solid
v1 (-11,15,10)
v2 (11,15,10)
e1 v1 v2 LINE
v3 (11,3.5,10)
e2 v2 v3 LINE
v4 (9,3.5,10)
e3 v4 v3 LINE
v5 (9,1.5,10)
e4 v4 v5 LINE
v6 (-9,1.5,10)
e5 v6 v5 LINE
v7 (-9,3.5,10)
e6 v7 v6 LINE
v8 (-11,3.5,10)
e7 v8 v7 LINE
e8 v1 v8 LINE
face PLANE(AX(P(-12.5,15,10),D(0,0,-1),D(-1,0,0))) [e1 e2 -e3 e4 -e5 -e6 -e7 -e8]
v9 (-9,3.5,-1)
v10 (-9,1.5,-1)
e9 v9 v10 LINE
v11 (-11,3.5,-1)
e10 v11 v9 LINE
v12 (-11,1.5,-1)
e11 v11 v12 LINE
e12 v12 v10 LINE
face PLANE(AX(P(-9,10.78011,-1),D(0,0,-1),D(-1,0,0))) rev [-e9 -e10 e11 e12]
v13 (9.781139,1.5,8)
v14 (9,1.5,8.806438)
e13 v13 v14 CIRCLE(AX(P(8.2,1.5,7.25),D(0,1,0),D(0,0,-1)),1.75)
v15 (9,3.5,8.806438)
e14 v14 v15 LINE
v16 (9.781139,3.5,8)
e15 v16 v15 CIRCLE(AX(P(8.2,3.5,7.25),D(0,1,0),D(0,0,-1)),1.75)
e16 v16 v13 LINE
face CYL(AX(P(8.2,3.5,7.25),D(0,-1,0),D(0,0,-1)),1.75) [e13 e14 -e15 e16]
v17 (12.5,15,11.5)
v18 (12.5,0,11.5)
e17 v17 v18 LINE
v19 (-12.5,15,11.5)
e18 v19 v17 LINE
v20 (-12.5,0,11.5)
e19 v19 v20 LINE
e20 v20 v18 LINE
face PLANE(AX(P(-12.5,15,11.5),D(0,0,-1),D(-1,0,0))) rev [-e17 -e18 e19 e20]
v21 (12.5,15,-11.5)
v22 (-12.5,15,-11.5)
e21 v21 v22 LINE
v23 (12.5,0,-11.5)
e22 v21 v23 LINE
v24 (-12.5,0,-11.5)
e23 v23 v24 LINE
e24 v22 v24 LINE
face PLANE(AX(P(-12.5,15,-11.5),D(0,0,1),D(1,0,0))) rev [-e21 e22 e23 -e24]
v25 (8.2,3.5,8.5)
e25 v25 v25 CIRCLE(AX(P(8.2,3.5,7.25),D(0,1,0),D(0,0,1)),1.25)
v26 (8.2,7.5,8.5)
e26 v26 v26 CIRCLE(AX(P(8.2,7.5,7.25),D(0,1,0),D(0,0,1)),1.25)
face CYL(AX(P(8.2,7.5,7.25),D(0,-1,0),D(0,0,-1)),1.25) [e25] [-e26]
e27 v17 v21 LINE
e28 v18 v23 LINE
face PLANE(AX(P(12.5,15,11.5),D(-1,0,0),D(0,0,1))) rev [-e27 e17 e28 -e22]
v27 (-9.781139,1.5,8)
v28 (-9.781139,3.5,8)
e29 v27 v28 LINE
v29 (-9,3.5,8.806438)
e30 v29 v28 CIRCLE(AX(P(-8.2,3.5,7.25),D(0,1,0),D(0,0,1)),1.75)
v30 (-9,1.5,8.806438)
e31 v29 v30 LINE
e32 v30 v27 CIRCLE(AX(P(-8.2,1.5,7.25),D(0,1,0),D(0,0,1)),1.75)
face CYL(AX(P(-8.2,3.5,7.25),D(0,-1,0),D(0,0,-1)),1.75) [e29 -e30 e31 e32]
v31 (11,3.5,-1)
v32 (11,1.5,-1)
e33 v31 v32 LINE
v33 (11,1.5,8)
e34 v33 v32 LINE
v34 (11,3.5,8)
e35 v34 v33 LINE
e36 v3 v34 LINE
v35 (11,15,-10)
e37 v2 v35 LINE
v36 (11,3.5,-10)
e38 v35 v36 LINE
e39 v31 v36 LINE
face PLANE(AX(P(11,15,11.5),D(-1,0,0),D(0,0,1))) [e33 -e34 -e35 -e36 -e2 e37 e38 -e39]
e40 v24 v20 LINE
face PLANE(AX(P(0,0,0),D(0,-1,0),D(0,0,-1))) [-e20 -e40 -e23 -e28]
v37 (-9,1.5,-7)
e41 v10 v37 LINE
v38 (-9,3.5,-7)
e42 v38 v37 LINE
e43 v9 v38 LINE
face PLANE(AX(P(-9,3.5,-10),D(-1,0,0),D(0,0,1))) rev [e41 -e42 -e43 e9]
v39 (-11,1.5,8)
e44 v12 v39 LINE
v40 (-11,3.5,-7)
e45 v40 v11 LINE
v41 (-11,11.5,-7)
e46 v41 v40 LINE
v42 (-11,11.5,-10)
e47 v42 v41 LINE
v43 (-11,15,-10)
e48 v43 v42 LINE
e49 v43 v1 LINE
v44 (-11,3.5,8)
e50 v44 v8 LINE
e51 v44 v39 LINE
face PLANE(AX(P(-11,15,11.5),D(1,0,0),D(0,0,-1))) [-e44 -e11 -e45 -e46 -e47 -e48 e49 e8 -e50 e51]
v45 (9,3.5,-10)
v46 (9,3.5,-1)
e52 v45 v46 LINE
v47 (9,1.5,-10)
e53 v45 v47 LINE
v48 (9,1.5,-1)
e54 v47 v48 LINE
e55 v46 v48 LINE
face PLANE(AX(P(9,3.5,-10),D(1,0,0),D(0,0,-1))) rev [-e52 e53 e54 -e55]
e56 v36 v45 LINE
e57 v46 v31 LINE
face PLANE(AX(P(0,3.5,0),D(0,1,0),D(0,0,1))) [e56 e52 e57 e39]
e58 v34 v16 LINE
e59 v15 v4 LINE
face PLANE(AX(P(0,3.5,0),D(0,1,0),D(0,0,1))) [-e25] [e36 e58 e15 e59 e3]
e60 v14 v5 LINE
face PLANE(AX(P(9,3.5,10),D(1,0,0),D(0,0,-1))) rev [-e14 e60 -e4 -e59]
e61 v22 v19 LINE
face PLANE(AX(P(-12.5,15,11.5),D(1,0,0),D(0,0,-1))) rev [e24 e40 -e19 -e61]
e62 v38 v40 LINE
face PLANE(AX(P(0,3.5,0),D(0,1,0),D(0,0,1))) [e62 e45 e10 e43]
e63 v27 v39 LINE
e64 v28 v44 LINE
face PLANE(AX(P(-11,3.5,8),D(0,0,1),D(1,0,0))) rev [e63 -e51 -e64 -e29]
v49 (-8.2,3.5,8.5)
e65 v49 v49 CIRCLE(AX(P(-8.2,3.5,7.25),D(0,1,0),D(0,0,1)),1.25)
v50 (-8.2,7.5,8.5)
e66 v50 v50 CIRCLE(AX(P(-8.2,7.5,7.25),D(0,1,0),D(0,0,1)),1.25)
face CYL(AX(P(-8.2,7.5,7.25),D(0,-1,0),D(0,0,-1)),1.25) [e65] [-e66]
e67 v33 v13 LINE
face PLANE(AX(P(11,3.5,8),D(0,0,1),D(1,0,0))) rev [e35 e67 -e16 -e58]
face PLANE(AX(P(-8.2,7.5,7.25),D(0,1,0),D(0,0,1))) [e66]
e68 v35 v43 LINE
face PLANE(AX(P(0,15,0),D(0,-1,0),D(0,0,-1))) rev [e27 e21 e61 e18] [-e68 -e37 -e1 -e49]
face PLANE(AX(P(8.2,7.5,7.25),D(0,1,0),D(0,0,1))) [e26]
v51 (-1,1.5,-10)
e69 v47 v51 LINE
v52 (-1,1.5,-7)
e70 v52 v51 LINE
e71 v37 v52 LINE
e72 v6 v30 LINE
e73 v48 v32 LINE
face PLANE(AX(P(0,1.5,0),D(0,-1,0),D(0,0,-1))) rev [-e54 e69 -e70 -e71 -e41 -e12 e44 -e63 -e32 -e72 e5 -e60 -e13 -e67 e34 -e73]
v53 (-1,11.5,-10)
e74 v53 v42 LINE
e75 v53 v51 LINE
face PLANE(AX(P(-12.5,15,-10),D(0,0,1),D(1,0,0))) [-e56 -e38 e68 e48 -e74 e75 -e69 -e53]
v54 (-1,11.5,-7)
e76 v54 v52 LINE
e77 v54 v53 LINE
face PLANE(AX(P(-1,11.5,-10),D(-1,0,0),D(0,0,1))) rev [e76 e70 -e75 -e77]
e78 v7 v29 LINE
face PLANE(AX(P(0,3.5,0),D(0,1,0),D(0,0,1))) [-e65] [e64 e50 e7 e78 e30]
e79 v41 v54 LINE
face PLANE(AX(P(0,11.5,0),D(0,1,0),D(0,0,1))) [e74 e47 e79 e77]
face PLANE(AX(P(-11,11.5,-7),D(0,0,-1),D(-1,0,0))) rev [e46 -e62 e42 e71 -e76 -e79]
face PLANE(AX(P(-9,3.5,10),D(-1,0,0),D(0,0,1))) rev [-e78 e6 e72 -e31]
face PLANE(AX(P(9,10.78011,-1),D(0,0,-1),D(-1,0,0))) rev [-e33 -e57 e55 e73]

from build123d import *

# Parameters (mm, degrees)
SKETCH1_W           = 25
SKETCH1_H           = 23
BOSS_EXTRUDE1_DEPTH = 15
SHELL1_T            = -1.5
SKETCH3_W           = 2
SKETCH3_H           = 2
BOSS_EXTRUDE2_DEPTH = 2
SKETCH4_W           = 2
SKETCH4_H           = 7
BOSS_EXTRUDE3_DEPTH = 2
SKETCH5_W           = 10
SKETCH5_H           = 3
BOSS_EXTRUDE4_DEPTH = 10
SKETCH2_R           = 1.75
BOSS_EXTRUDE5_DEPTH = 2
SKETCH6_R           = 1.25
BOSS_EXTRUDE6_DEPTH = 4


with BuildPart() as part:
    # Sketch1 → Boss-Extrude1 (new body)
    with BuildSketch(Plane(origin=(0, 0, 0), x_dir=(1, 0, 0), z_dir=(0, 1, 0))):
        Rectangle(SKETCH1_W, SKETCH1_H)
    extrude(amount=BOSS_EXTRUDE1_DEPTH)

    # Shell1
    shell1_openings = [part.faces().sort_by_distance(p)[0] for p in [
        (0, 15, 0),
    ]]
    offset(amount=SHELL1_T, openings=shell1_openings, kind=Kind.INTERSECTION)

    # Sketch3 → Boss-Extrude2 (add)
    with BuildSketch(Plane(origin=(0, 1.5, 0), x_dir=(1, 0, 0), z_dir=(0, 1, 0))):
        with Locations((-10, 9)):
            Rectangle(SKETCH3_W, SKETCH3_H)
        with Locations((10, 9)):
            Rectangle(SKETCH3_W, SKETCH3_H)
        with Locations((10, -9)):
            Rectangle(SKETCH3_W, SKETCH3_H)
        with Locations((-10, -9)):
            Rectangle(SKETCH3_W, SKETCH3_H)
    extrude(amount=BOSS_EXTRUDE2_DEPTH)

    # Sketch4 → Boss-Extrude3 (add)
    with BuildSketch(Plane(origin=(0, 1.5, 0), x_dir=(1, 0, 0), z_dir=(0, 1, 0))):
        with Locations((-10, 4.5)):
            Rectangle(SKETCH4_W, SKETCH4_H)
        with Locations((10, 4.5)):
            Rectangle(SKETCH4_W, SKETCH4_H)
    extrude(amount=BOSS_EXTRUDE3_DEPTH)

    # Sketch5 → Boss-Extrude4 (add)
    with BuildSketch(Plane(origin=(0, 1.5, 0), x_dir=(1, 0, 0), z_dir=(0, 1, 0))):
        with Locations((-6, 8.5)):
            Rectangle(SKETCH5_W, SKETCH5_H)
    extrude(amount=BOSS_EXTRUDE4_DEPTH)

    # Sketch2 → Boss-Extrude5 (add)
    with BuildSketch(Plane(origin=(0, 1.5, 0), x_dir=(1, 0, 0), z_dir=(0, 1, 0))):
        with Locations((-8.2, -7.25)):
            Circle(SKETCH2_R)
        with Locations((8.2, -7.25)):
            Circle(SKETCH2_R)
    extrude(amount=BOSS_EXTRUDE5_DEPTH)

    # Sketch6 → Boss-Extrude6 (add)
    with BuildSketch(Plane(origin=(0, 3.5, 0), x_dir=(1, 0, 0), z_dir=(0, 1, 0))):
        with Locations((-8.2, -7.25)):
            Circle(SKETCH6_R)
        with Locations((8.2, -7.25)):
            Circle(SKETCH6_R)
    extrude(amount=BOSS_EXTRUDE6_DEPTH)


solid = part.part
